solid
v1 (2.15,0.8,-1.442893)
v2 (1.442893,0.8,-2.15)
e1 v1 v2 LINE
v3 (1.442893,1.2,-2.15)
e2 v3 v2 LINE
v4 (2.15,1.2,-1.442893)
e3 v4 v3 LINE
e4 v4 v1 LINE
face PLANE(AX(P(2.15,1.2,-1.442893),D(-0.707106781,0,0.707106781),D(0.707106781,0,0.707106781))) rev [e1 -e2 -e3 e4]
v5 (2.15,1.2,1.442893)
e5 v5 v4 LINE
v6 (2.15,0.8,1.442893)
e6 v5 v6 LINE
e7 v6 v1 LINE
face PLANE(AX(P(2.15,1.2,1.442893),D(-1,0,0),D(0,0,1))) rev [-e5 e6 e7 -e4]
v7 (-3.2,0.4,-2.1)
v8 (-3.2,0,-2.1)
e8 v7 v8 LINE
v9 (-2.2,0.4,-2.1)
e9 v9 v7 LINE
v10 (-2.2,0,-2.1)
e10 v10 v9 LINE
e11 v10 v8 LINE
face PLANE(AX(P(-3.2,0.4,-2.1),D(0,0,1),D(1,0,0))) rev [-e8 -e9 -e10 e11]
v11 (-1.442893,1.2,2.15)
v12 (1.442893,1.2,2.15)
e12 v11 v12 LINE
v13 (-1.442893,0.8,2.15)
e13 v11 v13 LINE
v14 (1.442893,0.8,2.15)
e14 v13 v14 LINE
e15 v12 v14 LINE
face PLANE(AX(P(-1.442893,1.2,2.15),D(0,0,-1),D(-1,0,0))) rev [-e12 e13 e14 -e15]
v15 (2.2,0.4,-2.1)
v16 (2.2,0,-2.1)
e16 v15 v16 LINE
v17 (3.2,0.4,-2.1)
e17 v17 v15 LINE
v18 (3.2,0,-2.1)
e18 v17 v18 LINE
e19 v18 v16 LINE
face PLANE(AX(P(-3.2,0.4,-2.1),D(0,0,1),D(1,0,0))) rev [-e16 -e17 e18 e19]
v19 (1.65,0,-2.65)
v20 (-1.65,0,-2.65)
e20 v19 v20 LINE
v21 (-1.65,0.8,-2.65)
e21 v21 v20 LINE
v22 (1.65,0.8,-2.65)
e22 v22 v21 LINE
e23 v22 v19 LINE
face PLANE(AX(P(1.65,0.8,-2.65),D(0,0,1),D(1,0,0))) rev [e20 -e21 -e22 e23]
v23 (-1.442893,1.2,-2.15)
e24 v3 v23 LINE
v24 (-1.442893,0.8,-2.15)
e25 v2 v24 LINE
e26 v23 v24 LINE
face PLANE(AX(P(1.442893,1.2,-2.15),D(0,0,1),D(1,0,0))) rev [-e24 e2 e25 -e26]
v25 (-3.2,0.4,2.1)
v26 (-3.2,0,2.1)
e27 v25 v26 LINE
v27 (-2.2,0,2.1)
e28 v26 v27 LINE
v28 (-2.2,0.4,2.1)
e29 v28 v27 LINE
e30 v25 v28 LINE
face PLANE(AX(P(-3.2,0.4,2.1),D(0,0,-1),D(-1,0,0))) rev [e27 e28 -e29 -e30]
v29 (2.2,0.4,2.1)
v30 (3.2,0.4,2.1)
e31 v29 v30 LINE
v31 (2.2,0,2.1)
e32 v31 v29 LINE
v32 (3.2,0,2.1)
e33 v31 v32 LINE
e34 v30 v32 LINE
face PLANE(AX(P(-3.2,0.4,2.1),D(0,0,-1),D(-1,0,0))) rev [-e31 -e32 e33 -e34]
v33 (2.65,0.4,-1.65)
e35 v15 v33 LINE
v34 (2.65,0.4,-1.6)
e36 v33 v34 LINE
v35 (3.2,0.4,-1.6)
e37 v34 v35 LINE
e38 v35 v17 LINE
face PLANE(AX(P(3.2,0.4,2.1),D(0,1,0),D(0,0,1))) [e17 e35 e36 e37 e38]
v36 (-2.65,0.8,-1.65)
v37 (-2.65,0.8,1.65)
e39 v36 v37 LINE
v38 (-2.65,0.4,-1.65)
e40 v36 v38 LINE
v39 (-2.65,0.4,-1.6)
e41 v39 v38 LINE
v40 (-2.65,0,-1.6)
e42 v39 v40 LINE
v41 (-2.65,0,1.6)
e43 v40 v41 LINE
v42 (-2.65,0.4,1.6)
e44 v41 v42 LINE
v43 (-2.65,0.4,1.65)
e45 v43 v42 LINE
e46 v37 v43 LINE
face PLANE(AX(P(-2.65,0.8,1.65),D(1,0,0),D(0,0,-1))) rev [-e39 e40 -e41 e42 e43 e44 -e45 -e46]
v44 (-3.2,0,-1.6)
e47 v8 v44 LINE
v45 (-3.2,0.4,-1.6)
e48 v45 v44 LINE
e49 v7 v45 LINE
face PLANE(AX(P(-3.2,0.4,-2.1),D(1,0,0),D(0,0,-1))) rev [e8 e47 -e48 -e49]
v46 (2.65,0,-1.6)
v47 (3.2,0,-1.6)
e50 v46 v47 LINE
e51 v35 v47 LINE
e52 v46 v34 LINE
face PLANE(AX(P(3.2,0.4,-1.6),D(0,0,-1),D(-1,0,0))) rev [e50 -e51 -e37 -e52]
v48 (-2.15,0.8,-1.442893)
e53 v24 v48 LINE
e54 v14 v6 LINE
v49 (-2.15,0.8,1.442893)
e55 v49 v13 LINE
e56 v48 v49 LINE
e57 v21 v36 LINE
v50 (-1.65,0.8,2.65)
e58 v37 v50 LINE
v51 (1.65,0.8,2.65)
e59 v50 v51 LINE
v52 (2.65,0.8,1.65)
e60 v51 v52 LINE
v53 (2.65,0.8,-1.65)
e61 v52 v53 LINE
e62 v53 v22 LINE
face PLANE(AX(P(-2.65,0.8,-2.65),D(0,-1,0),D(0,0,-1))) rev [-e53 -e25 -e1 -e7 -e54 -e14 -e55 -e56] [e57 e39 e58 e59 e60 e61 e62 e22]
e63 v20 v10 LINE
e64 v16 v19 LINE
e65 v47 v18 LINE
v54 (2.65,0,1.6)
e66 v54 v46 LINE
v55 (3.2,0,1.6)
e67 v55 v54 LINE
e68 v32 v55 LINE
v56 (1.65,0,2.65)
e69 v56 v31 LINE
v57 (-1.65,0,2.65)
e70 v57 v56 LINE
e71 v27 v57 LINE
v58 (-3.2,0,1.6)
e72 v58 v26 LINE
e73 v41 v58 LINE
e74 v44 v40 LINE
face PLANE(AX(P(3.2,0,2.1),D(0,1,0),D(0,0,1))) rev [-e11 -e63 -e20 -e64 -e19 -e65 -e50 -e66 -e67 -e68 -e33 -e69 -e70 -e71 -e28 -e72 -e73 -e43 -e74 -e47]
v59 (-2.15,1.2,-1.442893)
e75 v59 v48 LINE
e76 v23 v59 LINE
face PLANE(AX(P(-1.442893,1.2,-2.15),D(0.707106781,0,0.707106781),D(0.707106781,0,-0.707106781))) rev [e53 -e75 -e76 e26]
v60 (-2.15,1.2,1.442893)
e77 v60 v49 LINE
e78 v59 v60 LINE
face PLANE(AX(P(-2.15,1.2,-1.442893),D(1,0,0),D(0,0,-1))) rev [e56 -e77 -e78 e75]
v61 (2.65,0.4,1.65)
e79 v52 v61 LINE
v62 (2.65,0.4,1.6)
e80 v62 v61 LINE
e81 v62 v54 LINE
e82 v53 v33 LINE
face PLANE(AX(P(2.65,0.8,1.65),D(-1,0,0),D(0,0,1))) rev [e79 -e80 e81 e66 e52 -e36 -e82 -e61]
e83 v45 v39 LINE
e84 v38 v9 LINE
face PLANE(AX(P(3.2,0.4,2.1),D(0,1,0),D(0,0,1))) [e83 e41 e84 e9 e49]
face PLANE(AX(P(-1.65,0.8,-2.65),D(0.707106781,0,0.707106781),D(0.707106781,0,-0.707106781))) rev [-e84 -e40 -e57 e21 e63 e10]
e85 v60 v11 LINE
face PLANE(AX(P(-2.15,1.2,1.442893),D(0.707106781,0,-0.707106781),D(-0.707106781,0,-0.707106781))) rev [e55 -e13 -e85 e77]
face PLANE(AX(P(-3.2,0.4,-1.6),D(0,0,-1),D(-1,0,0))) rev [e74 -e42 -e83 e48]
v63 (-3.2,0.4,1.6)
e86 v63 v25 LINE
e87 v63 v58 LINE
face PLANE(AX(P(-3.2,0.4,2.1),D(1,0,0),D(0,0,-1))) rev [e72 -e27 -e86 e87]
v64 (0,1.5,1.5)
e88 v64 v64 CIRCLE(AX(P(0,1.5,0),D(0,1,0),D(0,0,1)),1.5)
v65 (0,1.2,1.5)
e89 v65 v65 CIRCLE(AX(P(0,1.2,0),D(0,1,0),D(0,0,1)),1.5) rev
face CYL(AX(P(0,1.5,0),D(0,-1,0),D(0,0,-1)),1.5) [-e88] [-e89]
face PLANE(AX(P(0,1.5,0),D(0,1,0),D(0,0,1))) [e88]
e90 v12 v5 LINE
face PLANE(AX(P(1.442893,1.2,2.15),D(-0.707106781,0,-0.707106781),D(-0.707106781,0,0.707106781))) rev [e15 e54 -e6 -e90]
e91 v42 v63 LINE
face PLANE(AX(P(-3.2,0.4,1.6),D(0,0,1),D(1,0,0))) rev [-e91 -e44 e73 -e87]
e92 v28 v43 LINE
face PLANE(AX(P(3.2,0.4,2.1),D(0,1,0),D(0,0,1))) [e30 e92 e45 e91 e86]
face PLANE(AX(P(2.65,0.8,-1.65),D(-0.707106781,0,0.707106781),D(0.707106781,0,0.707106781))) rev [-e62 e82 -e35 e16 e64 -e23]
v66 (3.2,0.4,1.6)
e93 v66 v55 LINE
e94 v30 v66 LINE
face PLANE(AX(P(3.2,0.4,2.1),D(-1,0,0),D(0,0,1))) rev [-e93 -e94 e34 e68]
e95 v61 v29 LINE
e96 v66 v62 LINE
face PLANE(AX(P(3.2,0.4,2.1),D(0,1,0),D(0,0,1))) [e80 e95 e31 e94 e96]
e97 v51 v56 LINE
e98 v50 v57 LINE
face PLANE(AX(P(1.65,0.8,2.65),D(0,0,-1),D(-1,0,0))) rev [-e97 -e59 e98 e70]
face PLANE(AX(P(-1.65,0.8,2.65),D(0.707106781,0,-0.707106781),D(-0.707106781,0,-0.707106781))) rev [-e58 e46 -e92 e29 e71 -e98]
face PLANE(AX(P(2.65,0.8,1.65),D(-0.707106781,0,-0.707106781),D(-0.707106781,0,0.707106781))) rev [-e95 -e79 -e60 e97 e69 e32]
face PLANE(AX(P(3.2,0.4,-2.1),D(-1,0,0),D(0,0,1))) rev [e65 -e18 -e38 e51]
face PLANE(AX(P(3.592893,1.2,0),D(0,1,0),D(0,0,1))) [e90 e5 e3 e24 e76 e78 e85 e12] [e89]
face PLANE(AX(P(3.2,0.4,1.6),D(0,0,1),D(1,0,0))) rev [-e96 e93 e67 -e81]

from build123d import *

# Parameters (mm, degrees)
EXTRUDE1_DEPTH = 0.4
EXTRUDE2_DEPTH = 0.8
EXTRUDE3_DEPTH = 1.2
SKETCH4_R      = 1.5
EXTRUDE7_DEPTH = 1.5


with BuildPart() as part:
    # Sketch1 → Extrude1 (new body)
    with BuildSketch(Plane(origin=(0, 0, 0), x_dir=(1, 0, 0), z_dir=(0, 1, 0))):
        Polygon((-3.2, 2.1), (3.2, 2.1), (3.2, 1.6), (2.2, 1.6), (2.2, -1.6), (3.2, -1.6), (3.2, -2.1), (-3.2, -2.1), (-3.2, -1.6), (-2.2, -1.6), (-2.2, 1.6), (-3.2, 1.6), align=None)
    extrude(amount=EXTRUDE1_DEPTH)

    # Sketch2 → Extrude2 (add)
    with BuildSketch(Plane(origin=(0, 0, 0), x_dir=(-1, 0, 0), z_dir=(0, 1, 0))):
        Polygon((1.65, -2.65), (2.65, -1.65), (2.65, 1.65), (1.65, 2.65), (-1.65, 2.65), (-2.65, 1.65), (-2.65, -1.65), (-1.65, -2.65), align=None)
    extrude(amount=EXTRUDE2_DEPTH)

    # Sketch3 → Extrude3 (add)
    with BuildSketch(Plane(origin=(0, 0, 0), x_dir=(-1, 0, 0), z_dir=(0, 1, 0))):
        Polygon((-2.15, 1.442893219), (-2.15, -1.442893219), (-1.442893219, -2.15), (1.442893219, -2.15), (2.15, -1.442893219), (2.15, 1.442893219), (1.442893219, 2.15), (-1.442893219, 2.15), align=None)
    extrude(amount=EXTRUDE3_DEPTH)

    # Sketch4 → Extrude7 (add)
    with BuildSketch(Plane(origin=(0, 0, 0), x_dir=(-1, 0, 0), z_dir=(0, 1, 0))):
        with Locations(Location((0, 0, 0), (0, 0, 90))):  # turned: the seam where the file's is
            Circle(SKETCH4_R)
    extrude(amount=EXTRUDE7_DEPTH)


solid = part.part
